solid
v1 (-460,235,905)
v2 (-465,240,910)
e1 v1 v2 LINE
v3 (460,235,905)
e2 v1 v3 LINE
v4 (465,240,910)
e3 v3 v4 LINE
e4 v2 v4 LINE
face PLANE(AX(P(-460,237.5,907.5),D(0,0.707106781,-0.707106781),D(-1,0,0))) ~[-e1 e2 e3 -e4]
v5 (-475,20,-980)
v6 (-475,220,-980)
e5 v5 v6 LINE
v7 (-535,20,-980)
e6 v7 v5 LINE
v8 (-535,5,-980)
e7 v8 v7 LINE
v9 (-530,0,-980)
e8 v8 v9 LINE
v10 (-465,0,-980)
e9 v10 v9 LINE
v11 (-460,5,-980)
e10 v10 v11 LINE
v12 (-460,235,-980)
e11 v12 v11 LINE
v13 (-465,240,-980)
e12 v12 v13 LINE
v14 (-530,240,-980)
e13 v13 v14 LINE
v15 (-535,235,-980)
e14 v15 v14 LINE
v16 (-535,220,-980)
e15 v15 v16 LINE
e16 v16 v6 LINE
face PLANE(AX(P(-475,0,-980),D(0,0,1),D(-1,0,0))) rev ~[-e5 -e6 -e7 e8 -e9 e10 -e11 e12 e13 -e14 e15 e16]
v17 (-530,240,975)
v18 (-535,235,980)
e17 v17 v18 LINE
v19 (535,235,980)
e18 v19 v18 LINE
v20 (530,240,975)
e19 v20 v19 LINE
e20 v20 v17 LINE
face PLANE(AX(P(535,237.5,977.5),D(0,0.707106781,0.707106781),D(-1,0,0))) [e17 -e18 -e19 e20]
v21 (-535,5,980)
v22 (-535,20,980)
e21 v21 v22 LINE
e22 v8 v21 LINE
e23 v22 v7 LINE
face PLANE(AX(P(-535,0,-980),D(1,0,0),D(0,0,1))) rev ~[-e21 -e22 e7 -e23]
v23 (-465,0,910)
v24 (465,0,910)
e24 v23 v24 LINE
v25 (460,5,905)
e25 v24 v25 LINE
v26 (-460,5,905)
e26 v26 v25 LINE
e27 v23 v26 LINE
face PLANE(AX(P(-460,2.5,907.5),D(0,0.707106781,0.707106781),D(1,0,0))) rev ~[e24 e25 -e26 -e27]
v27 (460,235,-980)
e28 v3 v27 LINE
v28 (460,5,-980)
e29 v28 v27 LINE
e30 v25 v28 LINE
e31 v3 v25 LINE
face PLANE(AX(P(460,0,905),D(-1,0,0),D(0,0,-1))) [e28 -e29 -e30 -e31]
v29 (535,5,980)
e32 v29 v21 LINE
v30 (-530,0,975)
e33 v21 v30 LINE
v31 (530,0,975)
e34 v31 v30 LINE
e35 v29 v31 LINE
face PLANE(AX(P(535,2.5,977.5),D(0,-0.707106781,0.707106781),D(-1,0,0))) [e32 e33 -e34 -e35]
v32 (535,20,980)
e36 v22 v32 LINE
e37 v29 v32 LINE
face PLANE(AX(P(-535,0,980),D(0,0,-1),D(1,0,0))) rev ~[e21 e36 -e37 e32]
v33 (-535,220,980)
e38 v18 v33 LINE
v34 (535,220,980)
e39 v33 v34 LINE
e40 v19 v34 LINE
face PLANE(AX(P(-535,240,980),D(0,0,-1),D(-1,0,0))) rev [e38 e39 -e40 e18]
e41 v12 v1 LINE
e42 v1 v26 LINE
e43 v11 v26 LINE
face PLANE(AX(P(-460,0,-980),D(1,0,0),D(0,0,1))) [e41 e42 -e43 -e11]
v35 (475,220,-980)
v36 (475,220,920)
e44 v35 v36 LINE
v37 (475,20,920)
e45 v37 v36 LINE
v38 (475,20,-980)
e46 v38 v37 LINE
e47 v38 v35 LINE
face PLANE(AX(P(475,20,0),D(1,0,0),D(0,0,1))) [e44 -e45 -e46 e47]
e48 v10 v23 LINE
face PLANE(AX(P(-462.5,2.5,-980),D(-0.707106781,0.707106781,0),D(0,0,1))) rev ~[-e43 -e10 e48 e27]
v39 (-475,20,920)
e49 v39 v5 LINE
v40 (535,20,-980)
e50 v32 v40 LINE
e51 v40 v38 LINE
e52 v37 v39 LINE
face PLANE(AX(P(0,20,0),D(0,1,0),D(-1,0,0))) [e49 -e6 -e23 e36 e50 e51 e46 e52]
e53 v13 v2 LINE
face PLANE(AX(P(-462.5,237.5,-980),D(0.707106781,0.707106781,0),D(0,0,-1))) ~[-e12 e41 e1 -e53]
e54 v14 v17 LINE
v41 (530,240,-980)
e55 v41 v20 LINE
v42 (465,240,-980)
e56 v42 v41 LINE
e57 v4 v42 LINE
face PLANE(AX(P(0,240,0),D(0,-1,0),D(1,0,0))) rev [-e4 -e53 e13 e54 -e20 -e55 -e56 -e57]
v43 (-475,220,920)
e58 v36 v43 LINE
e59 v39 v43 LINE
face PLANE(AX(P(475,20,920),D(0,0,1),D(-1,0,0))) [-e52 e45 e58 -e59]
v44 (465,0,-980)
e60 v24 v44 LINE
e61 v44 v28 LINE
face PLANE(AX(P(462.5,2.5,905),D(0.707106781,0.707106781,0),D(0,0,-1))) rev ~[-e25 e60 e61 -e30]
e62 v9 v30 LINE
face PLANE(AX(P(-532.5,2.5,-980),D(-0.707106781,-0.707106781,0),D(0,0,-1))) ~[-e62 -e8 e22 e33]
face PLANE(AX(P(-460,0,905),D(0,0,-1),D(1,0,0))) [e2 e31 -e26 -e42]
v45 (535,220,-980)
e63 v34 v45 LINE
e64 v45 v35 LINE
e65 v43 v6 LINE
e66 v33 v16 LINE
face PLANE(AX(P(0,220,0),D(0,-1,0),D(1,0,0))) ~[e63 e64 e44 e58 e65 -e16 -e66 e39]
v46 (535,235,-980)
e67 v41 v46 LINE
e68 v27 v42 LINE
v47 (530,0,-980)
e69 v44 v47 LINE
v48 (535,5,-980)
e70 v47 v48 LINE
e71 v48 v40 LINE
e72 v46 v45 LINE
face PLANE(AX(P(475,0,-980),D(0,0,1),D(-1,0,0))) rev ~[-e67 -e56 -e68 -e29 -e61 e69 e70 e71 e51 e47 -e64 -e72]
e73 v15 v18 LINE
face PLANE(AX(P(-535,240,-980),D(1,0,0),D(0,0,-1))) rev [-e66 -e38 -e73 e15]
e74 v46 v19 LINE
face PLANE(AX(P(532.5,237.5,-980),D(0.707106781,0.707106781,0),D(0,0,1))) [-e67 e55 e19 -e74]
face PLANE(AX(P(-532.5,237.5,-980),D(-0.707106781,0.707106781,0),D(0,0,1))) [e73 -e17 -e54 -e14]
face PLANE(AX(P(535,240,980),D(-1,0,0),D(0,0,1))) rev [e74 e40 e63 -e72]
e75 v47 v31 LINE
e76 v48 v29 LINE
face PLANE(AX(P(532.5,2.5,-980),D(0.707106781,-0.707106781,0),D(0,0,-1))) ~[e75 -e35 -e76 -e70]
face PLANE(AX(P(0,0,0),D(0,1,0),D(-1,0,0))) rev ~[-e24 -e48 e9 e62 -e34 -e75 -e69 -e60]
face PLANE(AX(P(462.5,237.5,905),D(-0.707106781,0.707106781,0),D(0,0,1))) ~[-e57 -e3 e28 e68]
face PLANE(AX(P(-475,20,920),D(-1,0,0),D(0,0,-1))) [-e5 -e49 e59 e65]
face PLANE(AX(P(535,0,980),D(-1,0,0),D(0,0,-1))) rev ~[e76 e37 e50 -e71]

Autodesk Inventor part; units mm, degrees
ref_plane "YZ Plane" through (0, 0, 0) normal (1, 0, 0) x (0, 1, 0)
ref_plane "XZ Plane" through (0, 0, 0) normal (0, 1, 0) x (-1, 0, 0)
ref_plane "XY Plane" through (0, 0, 0) normal (0, 0, 1) x (1, 0, 0)
sketch "Skizze1" plane through (0, 0, 0) normal (0, 1, 0) x (-1, 0, 0)
  line L0 (475, 920) -> (-475, 920) construction
  line L1 (-475, 920) -> (-475, -980) construction
  line L2 (475, -980) -> (475, 920) construction
  line L3 (749, 0) -> (-749, 0) projected
  line L4 (0, -1372) -> (0, 1372) projected
  line L5 (535, 980) -> (-535, 980)
  line L6 (-535, 980) -> (-535, -980)
  line L7 (535, -980) -> (535, 980)
  line L8 (-535, -980) -> (-475, -980)
  line L9 (475, -980) -> (535, -980)
  line L10 (460, 905) -> (-460, 905)
  line L11 (-460, 905) -> (-460, -980)
  line L12 (460, -980) -> (460, 905)
  line L13 (-475, -980) -> (-460, -980)
  line L14 (460, -980) -> (475, -980)
  dimension "d0" = 1900
  dimension "d1" = 950
  dimension "d2" = 60
  dimension "d3" = 60
  dimension "d4" = 60
  dimension "d7" = 15
  dimension "d8" = 15
  dimension "d9" = 15
extrude "Extrusion1" add sketch "Skizze1" along normal blind 20 contours L7 L9 L14 L12 L3 | L3 L12 L10 L4 L5 L7 | L4 L10 L11 L3 L6 L5 | L11 L13 L8 L6 L3
sketch "Skizze2" plane through (0, 20, 0) normal (0, 1, 0) x (1, 0, 0)
  line L0 (-535, -980) -> (535, -980) projected
  line L1 (535, -980) -> (535, 980) projected
  line L2 (535, 980) -> (460, 980) projected
  line L3 (460, 980) -> (460, -905) projected
  line L4 (460, -905) -> (-460, -905) projected
  line L5 (-460, -905) -> (-460, 980) projected
  line L6 (-460, 980) -> (-535, 980) projected
  line L7 (-535, 980) -> (-535, -980) projected
  line L8 (535, 980) -> (460, 980) projected
  line L9 (475, 980) -> (475, -920)
  line L10 (475, -920) -> (-475, -920)
  line L11 (-475, -920) -> (-475, 980)
  line L12 (0, 1372) -> (0, -1372) projected
  line L13 (-749, 0) -> (749, 0) projected
  line L14 (460, 980) -> (460, -905) projected
  line L15 (475, 980) -> (460, 980)
  line L16 (460, -905) -> (-460, -905) projected
  line L17 (460, 980) -> (460, -905)
  line L18 (460, -905) -> (-460, -905)
  line L19 (-460, -905) -> (-460, 980)
  line L20 (-460, 980) -> (-535, 980) projected
  line L21 (-475, 980) -> (-460, 980)
  dimension "d10" = 950
  dimension "d11" = 1900
extrude "Extrusion2" add sketch "Skizze2" along normal blind 100 contours L12 L4 L3 L13 L9 L10 | L10 L11 L13 L5 L4 L12 | L11 L6 L5 L13 | L13 L3 L2 L9
chamfer "Fase1" distance 5 angle 45 6 edges at (-460, 0, -37.5) (0, 0, 905) (460, 0, -37.5) (0, 0, 980) (535, 0, 0) (-535, 0, 0)
mirror "Spiegeln1" about plane through (0, 120, 150.1399) normal (0, 1, 0) of "Extrusion1", "Extrusion2", "Fase1"
equation "\"d3\" = d2"
equation "\"d4\" = d2"
properties part number "Rahmen" material "Holz (Birke)"
